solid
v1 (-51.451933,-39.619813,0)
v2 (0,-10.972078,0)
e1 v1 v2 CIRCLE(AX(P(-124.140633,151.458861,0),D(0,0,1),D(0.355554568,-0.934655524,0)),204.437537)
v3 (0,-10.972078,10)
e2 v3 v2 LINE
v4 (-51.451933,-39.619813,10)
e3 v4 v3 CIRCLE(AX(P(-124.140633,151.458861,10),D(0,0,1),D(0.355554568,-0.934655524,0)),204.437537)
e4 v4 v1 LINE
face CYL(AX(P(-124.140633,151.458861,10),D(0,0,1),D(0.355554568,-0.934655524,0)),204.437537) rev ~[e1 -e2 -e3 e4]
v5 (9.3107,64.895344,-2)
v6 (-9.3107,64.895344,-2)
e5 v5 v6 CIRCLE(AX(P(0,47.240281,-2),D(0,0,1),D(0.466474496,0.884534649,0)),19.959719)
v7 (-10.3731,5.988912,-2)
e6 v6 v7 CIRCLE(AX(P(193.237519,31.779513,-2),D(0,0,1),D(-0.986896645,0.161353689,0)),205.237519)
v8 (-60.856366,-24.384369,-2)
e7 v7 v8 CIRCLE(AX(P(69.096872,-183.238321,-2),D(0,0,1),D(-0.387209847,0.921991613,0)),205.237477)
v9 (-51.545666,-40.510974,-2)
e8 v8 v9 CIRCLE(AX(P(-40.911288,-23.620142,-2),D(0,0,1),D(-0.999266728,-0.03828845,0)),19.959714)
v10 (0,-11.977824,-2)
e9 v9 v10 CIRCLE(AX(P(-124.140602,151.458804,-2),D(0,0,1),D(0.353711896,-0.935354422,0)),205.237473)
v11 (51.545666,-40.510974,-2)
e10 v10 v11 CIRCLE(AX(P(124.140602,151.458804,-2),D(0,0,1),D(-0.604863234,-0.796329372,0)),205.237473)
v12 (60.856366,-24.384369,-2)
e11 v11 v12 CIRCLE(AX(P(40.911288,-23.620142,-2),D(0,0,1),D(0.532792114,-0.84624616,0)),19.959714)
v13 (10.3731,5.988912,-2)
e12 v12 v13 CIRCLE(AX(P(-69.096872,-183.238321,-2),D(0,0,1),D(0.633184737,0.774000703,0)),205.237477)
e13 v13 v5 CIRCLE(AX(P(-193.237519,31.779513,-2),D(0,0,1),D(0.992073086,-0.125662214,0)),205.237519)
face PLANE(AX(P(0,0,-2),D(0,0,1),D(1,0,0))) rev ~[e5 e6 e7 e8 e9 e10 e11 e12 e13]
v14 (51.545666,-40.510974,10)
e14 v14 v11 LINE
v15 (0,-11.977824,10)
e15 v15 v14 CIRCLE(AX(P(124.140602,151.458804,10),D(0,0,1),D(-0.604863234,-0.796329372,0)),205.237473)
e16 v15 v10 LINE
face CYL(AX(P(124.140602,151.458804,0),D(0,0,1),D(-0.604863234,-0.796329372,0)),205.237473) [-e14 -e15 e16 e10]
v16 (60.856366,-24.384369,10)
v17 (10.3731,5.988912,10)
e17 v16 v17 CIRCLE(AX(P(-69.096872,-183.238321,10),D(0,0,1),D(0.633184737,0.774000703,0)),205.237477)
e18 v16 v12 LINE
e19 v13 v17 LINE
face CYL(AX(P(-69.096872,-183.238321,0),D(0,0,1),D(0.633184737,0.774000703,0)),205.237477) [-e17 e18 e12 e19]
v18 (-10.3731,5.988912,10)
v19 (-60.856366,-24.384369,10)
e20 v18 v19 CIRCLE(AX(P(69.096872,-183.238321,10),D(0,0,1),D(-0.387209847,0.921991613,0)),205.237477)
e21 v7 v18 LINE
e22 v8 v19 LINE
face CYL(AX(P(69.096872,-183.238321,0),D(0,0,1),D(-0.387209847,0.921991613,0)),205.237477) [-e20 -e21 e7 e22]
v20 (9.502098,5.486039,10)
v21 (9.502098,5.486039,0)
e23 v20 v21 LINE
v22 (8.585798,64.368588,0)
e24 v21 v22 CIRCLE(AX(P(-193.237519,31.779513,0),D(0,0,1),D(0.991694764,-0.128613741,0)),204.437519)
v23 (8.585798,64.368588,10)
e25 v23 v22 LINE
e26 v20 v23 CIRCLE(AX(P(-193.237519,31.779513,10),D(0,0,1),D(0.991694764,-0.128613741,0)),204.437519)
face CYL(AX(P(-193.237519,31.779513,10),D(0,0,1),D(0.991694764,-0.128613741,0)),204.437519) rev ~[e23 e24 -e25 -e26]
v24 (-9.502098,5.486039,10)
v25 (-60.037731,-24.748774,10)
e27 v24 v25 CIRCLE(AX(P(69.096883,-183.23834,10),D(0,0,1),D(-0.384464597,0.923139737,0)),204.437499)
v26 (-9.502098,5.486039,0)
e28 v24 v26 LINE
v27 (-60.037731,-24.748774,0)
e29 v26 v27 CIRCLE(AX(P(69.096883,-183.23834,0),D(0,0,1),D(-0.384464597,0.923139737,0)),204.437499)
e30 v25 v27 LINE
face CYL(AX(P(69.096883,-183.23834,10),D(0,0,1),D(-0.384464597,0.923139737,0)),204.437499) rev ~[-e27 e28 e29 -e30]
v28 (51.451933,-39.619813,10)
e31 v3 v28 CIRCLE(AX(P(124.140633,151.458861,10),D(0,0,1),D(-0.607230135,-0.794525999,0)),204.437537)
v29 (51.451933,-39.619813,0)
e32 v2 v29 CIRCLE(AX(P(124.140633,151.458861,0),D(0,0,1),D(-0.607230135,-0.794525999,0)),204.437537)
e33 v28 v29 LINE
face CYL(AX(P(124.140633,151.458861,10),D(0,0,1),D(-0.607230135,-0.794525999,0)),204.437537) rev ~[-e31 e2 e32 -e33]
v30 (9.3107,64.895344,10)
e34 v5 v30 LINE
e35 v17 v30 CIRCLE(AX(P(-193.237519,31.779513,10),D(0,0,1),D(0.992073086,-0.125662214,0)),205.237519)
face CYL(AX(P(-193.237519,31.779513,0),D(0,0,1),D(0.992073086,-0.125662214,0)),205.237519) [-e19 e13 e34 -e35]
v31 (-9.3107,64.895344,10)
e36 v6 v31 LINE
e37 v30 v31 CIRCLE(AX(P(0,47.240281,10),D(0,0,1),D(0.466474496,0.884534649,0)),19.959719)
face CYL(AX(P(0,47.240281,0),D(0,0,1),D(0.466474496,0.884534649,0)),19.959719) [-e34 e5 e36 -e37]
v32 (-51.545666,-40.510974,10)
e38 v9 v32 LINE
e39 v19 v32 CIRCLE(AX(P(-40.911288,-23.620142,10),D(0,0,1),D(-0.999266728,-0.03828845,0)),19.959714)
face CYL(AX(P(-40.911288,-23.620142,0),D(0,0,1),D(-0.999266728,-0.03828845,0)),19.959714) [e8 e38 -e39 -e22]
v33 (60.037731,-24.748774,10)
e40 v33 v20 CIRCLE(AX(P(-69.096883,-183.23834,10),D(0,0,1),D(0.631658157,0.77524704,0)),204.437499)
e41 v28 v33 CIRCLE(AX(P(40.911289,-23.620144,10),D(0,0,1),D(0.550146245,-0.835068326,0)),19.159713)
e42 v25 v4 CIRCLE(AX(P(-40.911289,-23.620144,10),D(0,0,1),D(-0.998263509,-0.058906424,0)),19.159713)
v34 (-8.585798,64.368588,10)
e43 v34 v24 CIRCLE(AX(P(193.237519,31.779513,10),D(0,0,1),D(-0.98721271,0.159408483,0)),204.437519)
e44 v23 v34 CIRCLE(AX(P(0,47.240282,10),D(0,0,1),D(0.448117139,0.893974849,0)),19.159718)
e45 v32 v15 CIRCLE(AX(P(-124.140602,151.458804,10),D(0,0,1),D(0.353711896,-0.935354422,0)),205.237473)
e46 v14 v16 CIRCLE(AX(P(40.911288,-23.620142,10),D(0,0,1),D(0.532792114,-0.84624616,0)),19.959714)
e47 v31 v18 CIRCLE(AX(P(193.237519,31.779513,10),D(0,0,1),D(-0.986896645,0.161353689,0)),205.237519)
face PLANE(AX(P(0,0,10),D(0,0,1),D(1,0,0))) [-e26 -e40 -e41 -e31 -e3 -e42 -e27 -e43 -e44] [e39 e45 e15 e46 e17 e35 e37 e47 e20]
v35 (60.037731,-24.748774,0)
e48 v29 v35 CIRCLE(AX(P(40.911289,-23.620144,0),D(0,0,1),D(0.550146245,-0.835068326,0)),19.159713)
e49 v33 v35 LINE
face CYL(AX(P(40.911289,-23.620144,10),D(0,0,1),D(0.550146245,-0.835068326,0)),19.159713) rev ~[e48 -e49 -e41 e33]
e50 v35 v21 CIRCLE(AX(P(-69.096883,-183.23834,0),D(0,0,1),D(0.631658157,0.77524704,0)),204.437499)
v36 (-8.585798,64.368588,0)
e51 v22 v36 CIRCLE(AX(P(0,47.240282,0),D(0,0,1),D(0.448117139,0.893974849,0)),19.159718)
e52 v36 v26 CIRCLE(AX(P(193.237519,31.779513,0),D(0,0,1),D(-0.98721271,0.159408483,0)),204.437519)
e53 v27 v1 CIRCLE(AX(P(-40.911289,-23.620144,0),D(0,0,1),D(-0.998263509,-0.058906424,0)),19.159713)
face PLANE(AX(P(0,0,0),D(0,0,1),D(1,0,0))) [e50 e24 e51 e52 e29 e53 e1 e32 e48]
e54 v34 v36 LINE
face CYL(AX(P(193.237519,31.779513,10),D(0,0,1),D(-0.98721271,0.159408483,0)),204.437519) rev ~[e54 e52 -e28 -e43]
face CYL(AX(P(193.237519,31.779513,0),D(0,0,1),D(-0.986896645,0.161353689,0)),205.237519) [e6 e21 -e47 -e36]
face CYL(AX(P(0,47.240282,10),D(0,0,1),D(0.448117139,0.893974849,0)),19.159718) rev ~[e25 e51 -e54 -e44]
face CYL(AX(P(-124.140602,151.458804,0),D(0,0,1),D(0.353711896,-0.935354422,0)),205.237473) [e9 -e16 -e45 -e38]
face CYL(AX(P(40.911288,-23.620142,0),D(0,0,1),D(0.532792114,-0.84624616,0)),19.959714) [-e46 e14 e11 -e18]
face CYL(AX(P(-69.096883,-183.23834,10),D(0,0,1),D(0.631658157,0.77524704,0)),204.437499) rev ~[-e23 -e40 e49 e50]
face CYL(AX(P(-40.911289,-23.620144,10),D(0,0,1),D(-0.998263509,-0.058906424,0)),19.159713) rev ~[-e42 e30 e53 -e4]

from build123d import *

# Parameters (mm, degrees)
F1_DEPTH = 10
F3_DEPTH = 10
F0_R     = 7.5
F4_DEPTH = 2


with BuildPart() as f1:
    # F0 (on Top) → F1 (new body)
    with BuildSketch(Plane.XY):
        with BuildLine():
            ThreePointArc((60.856366, -24.384369), (36.710284, -7.376819), (10.3731, 5.988912))
            ThreePointArc((10.3731, 5.988912), (11.966629, 35.480448), (9.3107, 64.895344))
            ThreePointArc((9.3107, 64.895344), (0, 67.2), (-9.3107, 64.895344))
            ThreePointArc((-9.3107, 64.895344), (-11.966629, 35.480448), (-10.3731, 5.988912))
            ThreePointArc((-10.3731, 5.988912), (-36.710284, -7.376819), (-60.856366, -24.384369))
            ThreePointArc((-60.856366, -24.384369), (-58.196907, -33.6), (-51.545666, -40.510974))
            ThreePointArc((-51.545666, -40.510974), (-24.743655, -28.103629), (0, -11.977824))
            ThreePointArc((0, -11.977824), (24.743655, -28.103629), (51.545666, -40.510974))
            ThreePointArc((51.545666, -40.510974), (58.196907, -33.6), (60.856366, -24.384369))
        make_face()
        with BuildLine():
            ThreePointArc((-7.5, 63.559028), (0, 65.2), (7.5, 63.559028))
            ThreePointArc((7.5, 63.559028), (9.985947, 34.169463), (8.191847, 4.729565))
            ThreePointArc((8.191847, 4.729565), (34.584597, -8.436648), (58.793733, -25.284323))
            ThreePointArc((58.793733, -25.284323), (56.464856, -32.6), (51.293733, -38.274704))
            ThreePointArc((51.293733, -38.274704), (24.59865, -25.732816), (0, -9.45913))
            ThreePointArc((0, -9.45913), (-24.59865, -25.732816), (-51.293733, -38.274704))
            ThreePointArc((-51.293733, -38.274704), (-56.464856, -32.6), (-58.793733, -25.284323))
            ThreePointArc((-58.793733, -25.284323), (-34.584597, -8.436648), (-8.191847, 4.729565))
            ThreePointArc((-8.191847, 4.729565), (-9.985947, 34.169463), (-7.5, 63.559028))
        make_face(mode=Mode.SUBTRACT)
    extrude(amount=F1_DEPTH)

    # F2 (on face) → F3 (cut)
    with BuildSketch(Plane.XY.offset(10)):
        with BuildLine():
            ThreePointArc((-8.585798, 64.368588), (-11.175251, 34.960479), (-9.502098, 5.486039))
            ThreePointArc((-9.502098, 5.486039), (-35.864289, -7.802188), (-60.037731, -24.748774))
            ThreePointArc((-60.037731, -24.748774), (-57.504087, -33.2), (-51.451933, -39.619813))
            ThreePointArc((-51.451933, -39.619813), (-24.689038, -27.158291), (0, -10.972078))
            ThreePointArc((0, -10.972078), (24.689038, -27.158291), (51.451933, -39.619813))
            ThreePointArc((51.451933, -39.619813), (57.504087, -33.2), (60.037731, -24.748774))
            ThreePointArc((60.037731, -24.748774), (35.864289, -7.802188), (9.502098, 5.486039))
            ThreePointArc((9.502098, 5.486039), (11.175251, 34.960479), (8.585798, 64.368588))
            ThreePointArc((8.585798, 64.368588), (0, 66.4), (-8.585798, 64.368588))
        make_face()
        with BuildLine():
            ThreePointArc((7.5, 63.559028), (9.985947, 34.169463), (8.191847, 4.729565))
            ThreePointArc((8.191847, 4.729565), (34.584597, -8.436648), (58.793733, -25.284323))
            ThreePointArc((58.793733, -25.284323), (56.464856, -32.6), (51.293733, -38.274704))
            ThreePointArc((51.293733, -38.274704), (24.59865, -25.732816), (0, -9.45913))
            ThreePointArc((0, -9.45913), (-24.59865, -25.732816), (-51.293733, -38.274704))
            ThreePointArc((-51.293733, -38.274704), (-56.464856, -32.6), (-58.793733, -25.284323))
            ThreePointArc((-58.793733, -25.284323), (-34.584597, -8.436648), (-8.191847, 4.729565))
            ThreePointArc((-8.191847, 4.729565), (-9.985947, 34.169463), (-7.5, 63.559028))
            ThreePointArc((-7.5, 63.559028), (0, 65.2), (7.5, 63.559028))
        make_face(mode=Mode.SUBTRACT)
    extrude(amount=-F3_DEPTH, mode=Mode.SUBTRACT)

    # F0 (on Top) → F4 (join)
    with BuildSketch(Plane.XY):
        with BuildLine():
            ThreePointArc((60.856366, -24.384369), (36.710284, -7.376819), (10.3731, 5.988912))
            ThreePointArc((10.3731, 5.988912), (11.966629, 35.480448), (9.3107, 64.895344))
            ThreePointArc((9.3107, 64.895344), (0, 67.2), (-9.3107, 64.895344))
            ThreePointArc((-9.3107, 64.895344), (-11.966629, 35.480448), (-10.3731, 5.988912))
            ThreePointArc((-10.3731, 5.988912), (-36.710284, -7.376819), (-60.856366, -24.384369))
            ThreePointArc((-60.856366, -24.384369), (-58.196907, -33.6), (-51.545666, -40.510974))
            ThreePointArc((-51.545666, -40.510974), (-24.743655, -28.103629), (0, -11.977824))
            ThreePointArc((0, -11.977824), (24.743655, -28.103629), (51.545666, -40.510974))
            ThreePointArc((51.545666, -40.510974), (58.196907, -33.6), (60.856366, -24.384369))
        make_face()
        with BuildLine():
            ThreePointArc((-7.5, 63.559028), (0, 65.2), (7.5, 63.559028))
            ThreePointArc((7.5, 63.559028), (9.985947, 34.169463), (8.191847, 4.729565))
            ThreePointArc((8.191847, 4.729565), (34.584597, -8.436648), (58.793733, -25.284323))
            ThreePointArc((58.793733, -25.284323), (56.464856, -32.6), (51.293733, -38.274704))
            ThreePointArc((51.293733, -38.274704), (24.59865, -25.732816), (0, -9.45913))
            ThreePointArc((0, -9.45913), (-24.59865, -25.732816), (-51.293733, -38.274704))
            ThreePointArc((-51.293733, -38.274704), (-56.464856, -32.6), (-58.793733, -25.284323))
            ThreePointArc((-58.793733, -25.284323), (-34.584597, -8.436648), (-8.191847, 4.729565))
            ThreePointArc((-8.191847, 4.729565), (-9.985947, 34.169463), (-7.5, 63.559028))
        make_face(mode=Mode.SUBTRACT)
        with BuildLine():
            ThreePointArc((8.191847, 4.729565), (9.985947, 34.169463), (7.5, 63.559028))
            ThreePointArc((7.5, 63.559028), (0, 65.2), (-7.5, 63.559028))
            ThreePointArc((-7.5, 63.559028), (-9.985947, 34.169463), (-8.191847, 4.729565))
            ThreePointArc((-8.191847, 4.729565), (-34.584597, -8.436648), (-58.793733, -25.284323))
            ThreePointArc((-58.793733, -25.284323), (-56.464856, -32.6), (-51.293733, -38.274704))
            ThreePointArc((-51.293733, -38.274704), (-24.59865, -25.732816), (0, -9.45913))
            ThreePointArc((0, -9.45913), (24.59865, -25.732816), (51.293733, -38.274704))
            ThreePointArc((51.293733, -38.274704), (56.464856, -32.6), (58.793733, -25.284323))
            ThreePointArc((58.793733, -25.284323), (34.584597, -8.436648), (8.191847, 4.729565))
        make_face()
        Circle(F0_R, mode=Mode.SUBTRACT)
        Circle(F0_R)
    extrude(amount=-F4_DEPTH)


solid = f1.part
